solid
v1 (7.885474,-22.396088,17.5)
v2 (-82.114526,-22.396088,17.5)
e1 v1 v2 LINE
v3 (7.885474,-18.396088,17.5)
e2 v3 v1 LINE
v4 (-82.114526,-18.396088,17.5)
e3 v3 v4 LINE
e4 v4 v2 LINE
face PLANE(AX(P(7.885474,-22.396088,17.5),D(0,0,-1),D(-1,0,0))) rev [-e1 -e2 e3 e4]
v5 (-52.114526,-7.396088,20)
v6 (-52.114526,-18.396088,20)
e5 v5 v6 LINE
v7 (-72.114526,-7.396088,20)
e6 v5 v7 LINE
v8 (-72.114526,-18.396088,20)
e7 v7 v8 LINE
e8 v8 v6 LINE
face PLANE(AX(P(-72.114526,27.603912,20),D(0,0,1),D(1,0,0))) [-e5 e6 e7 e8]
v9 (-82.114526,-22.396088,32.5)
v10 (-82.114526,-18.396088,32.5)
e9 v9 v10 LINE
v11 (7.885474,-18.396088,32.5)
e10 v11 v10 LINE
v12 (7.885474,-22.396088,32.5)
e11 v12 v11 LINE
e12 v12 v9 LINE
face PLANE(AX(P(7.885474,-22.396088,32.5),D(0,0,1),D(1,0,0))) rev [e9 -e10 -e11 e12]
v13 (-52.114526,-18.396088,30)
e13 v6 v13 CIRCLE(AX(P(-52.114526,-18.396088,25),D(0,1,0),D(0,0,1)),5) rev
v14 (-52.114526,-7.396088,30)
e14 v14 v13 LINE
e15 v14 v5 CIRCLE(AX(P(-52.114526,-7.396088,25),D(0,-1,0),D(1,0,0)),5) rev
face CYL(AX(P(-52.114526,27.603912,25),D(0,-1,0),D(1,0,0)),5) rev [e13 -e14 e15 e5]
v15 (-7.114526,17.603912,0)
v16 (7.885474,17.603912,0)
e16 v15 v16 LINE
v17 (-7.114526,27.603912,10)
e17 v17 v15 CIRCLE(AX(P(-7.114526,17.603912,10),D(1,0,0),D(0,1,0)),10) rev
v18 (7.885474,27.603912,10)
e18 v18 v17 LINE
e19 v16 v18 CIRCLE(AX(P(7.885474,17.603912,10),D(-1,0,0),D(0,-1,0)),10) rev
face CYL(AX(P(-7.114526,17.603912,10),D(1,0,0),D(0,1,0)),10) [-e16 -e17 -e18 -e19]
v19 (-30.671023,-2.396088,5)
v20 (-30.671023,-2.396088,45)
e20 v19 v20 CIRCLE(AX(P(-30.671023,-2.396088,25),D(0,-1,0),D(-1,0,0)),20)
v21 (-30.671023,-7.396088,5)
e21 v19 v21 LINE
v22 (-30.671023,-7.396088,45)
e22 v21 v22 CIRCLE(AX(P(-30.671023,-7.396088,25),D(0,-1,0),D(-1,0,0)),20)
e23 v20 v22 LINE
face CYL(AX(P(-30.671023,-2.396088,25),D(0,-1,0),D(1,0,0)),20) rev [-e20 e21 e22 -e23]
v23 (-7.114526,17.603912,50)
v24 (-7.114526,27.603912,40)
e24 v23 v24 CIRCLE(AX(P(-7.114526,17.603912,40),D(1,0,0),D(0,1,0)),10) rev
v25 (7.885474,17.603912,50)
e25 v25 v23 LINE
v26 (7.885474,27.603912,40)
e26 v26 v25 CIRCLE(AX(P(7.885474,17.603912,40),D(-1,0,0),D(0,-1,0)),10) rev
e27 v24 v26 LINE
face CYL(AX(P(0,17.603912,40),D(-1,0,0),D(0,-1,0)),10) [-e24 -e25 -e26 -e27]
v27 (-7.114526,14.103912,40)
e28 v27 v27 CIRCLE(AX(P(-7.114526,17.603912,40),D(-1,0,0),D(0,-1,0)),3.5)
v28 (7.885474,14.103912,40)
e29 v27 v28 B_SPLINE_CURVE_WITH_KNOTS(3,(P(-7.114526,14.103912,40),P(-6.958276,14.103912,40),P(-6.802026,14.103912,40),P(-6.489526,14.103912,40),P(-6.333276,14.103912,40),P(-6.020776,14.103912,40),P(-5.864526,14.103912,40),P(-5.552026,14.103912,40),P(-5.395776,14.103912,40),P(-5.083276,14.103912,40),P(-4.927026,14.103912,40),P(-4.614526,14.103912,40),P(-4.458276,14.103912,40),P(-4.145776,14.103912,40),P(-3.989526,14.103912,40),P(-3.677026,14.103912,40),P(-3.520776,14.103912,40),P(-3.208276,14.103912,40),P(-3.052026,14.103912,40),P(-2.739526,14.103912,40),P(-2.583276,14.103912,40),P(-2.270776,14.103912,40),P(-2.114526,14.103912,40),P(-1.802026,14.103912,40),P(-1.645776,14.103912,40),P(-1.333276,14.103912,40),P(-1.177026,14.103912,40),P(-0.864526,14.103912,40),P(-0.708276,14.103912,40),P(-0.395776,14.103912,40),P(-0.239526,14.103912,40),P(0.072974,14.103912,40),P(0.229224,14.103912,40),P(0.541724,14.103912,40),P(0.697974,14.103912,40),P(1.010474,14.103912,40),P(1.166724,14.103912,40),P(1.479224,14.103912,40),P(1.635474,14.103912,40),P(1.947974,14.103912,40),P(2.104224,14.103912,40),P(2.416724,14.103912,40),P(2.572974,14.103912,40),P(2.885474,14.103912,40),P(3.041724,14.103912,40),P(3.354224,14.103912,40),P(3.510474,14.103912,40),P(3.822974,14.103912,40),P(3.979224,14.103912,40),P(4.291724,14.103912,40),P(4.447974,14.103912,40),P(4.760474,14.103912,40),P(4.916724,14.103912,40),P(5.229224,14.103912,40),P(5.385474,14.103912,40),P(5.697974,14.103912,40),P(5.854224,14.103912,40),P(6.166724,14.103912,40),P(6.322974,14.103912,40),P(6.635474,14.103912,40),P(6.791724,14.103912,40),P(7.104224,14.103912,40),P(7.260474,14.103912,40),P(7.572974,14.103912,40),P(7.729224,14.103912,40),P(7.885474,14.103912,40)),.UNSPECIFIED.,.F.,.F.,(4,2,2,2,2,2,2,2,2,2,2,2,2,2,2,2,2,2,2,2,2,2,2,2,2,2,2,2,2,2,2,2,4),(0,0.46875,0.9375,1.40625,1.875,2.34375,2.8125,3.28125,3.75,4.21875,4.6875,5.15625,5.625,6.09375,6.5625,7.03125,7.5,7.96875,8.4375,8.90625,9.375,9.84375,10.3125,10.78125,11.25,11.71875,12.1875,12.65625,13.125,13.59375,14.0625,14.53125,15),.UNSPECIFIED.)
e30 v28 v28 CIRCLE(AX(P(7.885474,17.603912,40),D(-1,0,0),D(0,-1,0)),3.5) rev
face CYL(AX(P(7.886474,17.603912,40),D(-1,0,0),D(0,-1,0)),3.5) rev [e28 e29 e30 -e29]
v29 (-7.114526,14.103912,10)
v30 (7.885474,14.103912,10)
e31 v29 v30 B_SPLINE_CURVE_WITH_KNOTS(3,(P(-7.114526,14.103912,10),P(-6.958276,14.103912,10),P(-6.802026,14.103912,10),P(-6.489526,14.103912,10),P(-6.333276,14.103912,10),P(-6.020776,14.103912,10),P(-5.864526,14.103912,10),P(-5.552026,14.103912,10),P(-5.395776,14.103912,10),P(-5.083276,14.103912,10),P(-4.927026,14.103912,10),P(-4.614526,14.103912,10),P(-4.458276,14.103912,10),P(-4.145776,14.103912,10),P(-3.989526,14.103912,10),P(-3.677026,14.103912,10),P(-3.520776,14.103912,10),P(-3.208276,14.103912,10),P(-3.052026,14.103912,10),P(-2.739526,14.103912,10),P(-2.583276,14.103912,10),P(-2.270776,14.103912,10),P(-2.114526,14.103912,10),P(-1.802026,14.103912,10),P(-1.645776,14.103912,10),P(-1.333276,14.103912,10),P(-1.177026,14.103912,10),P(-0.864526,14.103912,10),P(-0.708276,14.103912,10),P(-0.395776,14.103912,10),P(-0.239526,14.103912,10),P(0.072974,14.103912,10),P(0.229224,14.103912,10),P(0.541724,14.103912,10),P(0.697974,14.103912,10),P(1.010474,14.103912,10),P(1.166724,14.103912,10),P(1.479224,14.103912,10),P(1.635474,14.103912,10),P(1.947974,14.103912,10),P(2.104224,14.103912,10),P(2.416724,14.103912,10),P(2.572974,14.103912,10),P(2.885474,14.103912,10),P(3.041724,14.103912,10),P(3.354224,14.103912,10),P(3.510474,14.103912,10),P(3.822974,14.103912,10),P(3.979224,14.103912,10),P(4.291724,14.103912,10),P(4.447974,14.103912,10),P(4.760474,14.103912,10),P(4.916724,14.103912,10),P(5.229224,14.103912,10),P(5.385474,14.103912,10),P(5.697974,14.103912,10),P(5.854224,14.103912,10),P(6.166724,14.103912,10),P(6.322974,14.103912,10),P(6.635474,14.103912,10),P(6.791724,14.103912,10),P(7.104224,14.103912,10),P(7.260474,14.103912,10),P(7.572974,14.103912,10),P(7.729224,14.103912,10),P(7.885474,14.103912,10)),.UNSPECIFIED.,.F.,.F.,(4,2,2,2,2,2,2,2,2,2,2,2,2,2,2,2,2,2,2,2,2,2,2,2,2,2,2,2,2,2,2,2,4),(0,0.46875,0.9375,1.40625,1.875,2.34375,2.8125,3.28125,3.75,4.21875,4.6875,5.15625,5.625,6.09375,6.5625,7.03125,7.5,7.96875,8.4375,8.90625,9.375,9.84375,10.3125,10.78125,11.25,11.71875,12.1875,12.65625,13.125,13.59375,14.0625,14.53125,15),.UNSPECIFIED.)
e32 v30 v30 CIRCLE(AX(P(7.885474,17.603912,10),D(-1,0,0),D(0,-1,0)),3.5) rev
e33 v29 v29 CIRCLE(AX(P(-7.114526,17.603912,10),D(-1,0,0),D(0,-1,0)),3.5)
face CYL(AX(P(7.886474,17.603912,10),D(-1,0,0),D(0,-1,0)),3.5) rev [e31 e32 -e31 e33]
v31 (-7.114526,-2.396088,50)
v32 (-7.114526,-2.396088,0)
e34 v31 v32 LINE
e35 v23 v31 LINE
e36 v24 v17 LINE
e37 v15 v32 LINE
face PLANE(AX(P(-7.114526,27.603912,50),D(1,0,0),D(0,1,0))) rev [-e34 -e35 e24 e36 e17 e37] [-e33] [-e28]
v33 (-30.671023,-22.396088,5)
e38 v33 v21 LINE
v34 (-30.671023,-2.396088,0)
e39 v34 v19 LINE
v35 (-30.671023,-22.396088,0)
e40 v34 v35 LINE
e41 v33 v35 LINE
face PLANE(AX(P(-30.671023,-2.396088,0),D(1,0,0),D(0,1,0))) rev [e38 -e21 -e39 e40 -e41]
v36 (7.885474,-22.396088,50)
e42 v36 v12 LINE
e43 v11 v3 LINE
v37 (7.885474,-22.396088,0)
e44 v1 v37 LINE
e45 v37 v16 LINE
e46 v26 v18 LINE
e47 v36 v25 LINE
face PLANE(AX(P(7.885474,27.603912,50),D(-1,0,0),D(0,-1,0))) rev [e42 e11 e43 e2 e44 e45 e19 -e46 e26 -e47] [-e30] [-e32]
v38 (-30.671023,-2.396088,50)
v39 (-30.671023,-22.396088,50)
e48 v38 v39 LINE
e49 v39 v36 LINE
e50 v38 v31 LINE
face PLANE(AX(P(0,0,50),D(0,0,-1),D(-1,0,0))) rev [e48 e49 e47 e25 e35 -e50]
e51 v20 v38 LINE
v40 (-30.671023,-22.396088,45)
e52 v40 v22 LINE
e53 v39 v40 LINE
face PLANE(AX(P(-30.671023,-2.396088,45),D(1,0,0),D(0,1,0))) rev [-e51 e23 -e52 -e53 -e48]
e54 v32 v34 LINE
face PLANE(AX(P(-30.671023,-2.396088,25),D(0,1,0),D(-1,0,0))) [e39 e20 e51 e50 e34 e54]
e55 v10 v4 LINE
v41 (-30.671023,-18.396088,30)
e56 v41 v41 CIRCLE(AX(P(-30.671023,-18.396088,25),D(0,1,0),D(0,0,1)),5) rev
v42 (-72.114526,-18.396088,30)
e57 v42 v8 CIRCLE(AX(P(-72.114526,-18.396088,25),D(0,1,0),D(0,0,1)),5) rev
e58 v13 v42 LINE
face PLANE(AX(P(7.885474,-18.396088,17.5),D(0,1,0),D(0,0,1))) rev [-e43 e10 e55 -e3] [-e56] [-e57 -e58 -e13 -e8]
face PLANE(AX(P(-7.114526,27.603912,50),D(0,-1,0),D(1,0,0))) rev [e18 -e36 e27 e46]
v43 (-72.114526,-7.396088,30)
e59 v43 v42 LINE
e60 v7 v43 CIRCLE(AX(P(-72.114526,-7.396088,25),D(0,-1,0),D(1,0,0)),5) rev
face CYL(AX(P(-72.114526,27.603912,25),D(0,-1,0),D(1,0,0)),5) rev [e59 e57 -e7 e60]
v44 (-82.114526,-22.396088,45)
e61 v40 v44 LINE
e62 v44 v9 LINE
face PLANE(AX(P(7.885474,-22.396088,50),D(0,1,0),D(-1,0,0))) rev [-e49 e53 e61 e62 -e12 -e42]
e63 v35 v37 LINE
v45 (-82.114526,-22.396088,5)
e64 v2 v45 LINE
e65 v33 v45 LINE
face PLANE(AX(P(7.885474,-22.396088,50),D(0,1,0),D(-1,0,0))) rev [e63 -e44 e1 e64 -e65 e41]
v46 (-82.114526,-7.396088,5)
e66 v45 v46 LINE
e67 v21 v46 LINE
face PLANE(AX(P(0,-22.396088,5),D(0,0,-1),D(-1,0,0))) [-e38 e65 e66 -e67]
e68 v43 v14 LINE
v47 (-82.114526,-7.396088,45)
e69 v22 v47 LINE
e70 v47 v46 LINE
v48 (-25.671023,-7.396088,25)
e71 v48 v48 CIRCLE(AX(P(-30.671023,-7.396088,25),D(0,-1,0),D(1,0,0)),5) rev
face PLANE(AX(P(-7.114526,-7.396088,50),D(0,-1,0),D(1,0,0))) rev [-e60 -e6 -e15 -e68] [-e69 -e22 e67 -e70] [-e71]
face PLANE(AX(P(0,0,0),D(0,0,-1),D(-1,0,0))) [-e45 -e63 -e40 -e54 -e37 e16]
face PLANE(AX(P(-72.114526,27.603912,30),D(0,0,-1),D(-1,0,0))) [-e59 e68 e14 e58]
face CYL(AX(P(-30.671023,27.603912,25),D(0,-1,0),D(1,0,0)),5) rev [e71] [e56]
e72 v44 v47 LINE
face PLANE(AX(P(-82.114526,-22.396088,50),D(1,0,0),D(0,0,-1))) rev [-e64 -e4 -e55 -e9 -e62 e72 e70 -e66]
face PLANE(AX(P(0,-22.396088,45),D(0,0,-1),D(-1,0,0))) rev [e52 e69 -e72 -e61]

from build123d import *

# Parameters (mm, degrees)
Y_KSEKLIK_EKSTR_ZYON2_DEPTH = 50
Y_KSEKLIK_EKSTR_ZYON3_DEPTH = 5
IZIM3_W                     = 51.443502464
IZIM3_H                     = 5
KES_EKSTR_ZYON1_DEPTH       = 15
IZIM4_W                     = 15
IZIM4_H                     = 4
KES_EKSTR_ZYON2_DEPTH       = 90
RADYUS2_R                   = 10
RADYUS3_R                   = 10
KES_EKSTR_ZYON3_REACH       = 96.271
IZIM5_R                     = 3.5
KES_EKSTR_ZYON4_DEPTH       = 103.312244464
KES_EKSTR_ZYON4_DEPTH_BACK  = 103.312244464
IZIM6_R                     = 5


with BuildPart() as part:
    # Çizim1 → Yükseklik-Ekstrüzyon2 (new body)
    with BuildSketch(Plane.XY):
        Polygon((-7.114525921, 27.60391198), (7.885474079, 27.60391198), (7.885474079, -22.39608802), (-82.114525921, -22.39608802), (-82.114525921, -7.39608802), (-7.114525921, -7.39608802), align=None)
    extrude(amount=Y_KSEKLIK_EKSTR_ZYON2_DEPTH)

    # Çizim2 → Yükseklik-Ekstrüzyon3 (add)
    with BuildSketch(Plane(origin=(0, -7.39608802, 0), x_dir=(1, 0, 0), z_dir=(0, 1, 0))):
        with BuildLine():
            Line((-7.114525921, 0), (-30.671023457, 0))
            Line((-30.671023457, 0), (-30.671023457, -5))
            ThreePointArc((-30.671023457, -5), (-10.671023457, -25), (-30.671023457, -45))
            Line((-30.671023457, -45), (-30.671023457, -50))
            Line((-30.671023457, -50), (-7.114525921, -50))
            Line((-7.114525921, -50), (-7.114525921, 0))
        make_face()
    extrude(amount=Y_KSEKLIK_EKSTR_ZYON3_DEPTH)

    # Çizim3 → Kes-Ekstrüzyon1 (cut)
    with BuildSketch(Plane(origin=(0, -7.39608802, 0), x_dir=(1, 0, 0), z_dir=(0, 1, 0))):
        with Locations((-56.392774689, -2.5)):
            Rectangle(IZIM3_W, IZIM3_H)
        with Locations((-56.392774689, -47.5)):
            Rectangle(IZIM3_W, IZIM3_H)
    extrude(amount=-KES_EKSTR_ZYON1_DEPTH, mode=Mode.SUBTRACT)

    # Çizim4 → Kes-Ekstrüzyon2 (cut)
    with BuildSketch(Plane.ZY.offset(82.114525921)):
        with Locations((25, -20.39608802)):
            Rectangle(IZIM4_W, IZIM4_H)
    extrude(amount=-KES_EKSTR_ZYON2_DEPTH, mode=Mode.SUBTRACT)

    # Radyus2
    radyus2_edges = [part.edges().sort_by_distance(p)[0] for p in [
        (0.385474079, 27.60391198, 0),
    ]]
    fillet(radyus2_edges, radius=RADYUS2_R)

    # Radyus3
    radyus3_edges = [part.edges().sort_by_distance(p)[0] for p in [
        (0.385474079, 27.60391198, 50),
    ]]
    fillet(radyus3_edges, radius=RADYUS3_R)

    # Çizim5 → Kes-Ekstrüzyon3 (cut, up to next)
    with BuildSketch(Plane.ZY.offset(7.114525921), mode=Mode.PRIVATE) as kes_ekstr_zyon3_sk1:
        with Locations(Location((10, 17.60391198, 0), (0, 0, 270))):
            Circle(IZIM5_R)
    kes_ekstr_zyon3_tool1 = extrude(kes_ekstr_zyon3_sk1.sketch, amount=-KES_EKSTR_ZYON3_REACH, mode=Mode.PRIVATE) & part.part
    # Çizim5 → Kes-Ekstrüzyon3 (cut, up to next)
    with BuildSketch(Plane.ZY.offset(7.114525921), mode=Mode.PRIVATE) as kes_ekstr_zyon3_sk2:
        with Locations(Location((40, 17.60391198, 0), (0, 0, 270))):
            Circle(IZIM5_R)
    kes_ekstr_zyon3_tool2 = extrude(kes_ekstr_zyon3_sk2.sketch, amount=-KES_EKSTR_ZYON3_REACH, mode=Mode.PRIVATE) & part.part
    add(kes_ekstr_zyon3_tool1.solids().sort_by_distance((-7.114526, 17.603912, 10))[0], mode=Mode.SUBTRACT)
    add(kes_ekstr_zyon3_tool2.solids().sort_by_distance((-7.114526, 17.603912, 40))[0], mode=Mode.SUBTRACT)

    # Çizim6 → Kes-Ekstrüzyon4 (cut, two sides: drawn at the far end of the back side and taken through both)
    with BuildSketch(Plane(origin=(0, -7.39608802, 0), x_dir=(1, 0, 0), z_dir=(0, 1, 0)).offset(-KES_EKSTR_ZYON4_DEPTH_BACK)):
        with Locations((-30.671023457, -25)):
            Circle(IZIM6_R)
        with BuildLine():
            Line((-72.114525921, -20), (-52.114525921, -20))
            ThreePointArc((-52.114525921, -20), (-47.114525921, -25), (-52.114525921, -30))
            Line((-52.114525921, -30), (-72.114525921, -30))
            ThreePointArc((-72.114525921, -30), (-77.114525921, -25), (-72.114525921, -20))
        make_face()
    extrude(amount=KES_EKSTR_ZYON4_DEPTH + KES_EKSTR_ZYON4_DEPTH_BACK, mode=Mode.SUBTRACT)


solid = part.part
